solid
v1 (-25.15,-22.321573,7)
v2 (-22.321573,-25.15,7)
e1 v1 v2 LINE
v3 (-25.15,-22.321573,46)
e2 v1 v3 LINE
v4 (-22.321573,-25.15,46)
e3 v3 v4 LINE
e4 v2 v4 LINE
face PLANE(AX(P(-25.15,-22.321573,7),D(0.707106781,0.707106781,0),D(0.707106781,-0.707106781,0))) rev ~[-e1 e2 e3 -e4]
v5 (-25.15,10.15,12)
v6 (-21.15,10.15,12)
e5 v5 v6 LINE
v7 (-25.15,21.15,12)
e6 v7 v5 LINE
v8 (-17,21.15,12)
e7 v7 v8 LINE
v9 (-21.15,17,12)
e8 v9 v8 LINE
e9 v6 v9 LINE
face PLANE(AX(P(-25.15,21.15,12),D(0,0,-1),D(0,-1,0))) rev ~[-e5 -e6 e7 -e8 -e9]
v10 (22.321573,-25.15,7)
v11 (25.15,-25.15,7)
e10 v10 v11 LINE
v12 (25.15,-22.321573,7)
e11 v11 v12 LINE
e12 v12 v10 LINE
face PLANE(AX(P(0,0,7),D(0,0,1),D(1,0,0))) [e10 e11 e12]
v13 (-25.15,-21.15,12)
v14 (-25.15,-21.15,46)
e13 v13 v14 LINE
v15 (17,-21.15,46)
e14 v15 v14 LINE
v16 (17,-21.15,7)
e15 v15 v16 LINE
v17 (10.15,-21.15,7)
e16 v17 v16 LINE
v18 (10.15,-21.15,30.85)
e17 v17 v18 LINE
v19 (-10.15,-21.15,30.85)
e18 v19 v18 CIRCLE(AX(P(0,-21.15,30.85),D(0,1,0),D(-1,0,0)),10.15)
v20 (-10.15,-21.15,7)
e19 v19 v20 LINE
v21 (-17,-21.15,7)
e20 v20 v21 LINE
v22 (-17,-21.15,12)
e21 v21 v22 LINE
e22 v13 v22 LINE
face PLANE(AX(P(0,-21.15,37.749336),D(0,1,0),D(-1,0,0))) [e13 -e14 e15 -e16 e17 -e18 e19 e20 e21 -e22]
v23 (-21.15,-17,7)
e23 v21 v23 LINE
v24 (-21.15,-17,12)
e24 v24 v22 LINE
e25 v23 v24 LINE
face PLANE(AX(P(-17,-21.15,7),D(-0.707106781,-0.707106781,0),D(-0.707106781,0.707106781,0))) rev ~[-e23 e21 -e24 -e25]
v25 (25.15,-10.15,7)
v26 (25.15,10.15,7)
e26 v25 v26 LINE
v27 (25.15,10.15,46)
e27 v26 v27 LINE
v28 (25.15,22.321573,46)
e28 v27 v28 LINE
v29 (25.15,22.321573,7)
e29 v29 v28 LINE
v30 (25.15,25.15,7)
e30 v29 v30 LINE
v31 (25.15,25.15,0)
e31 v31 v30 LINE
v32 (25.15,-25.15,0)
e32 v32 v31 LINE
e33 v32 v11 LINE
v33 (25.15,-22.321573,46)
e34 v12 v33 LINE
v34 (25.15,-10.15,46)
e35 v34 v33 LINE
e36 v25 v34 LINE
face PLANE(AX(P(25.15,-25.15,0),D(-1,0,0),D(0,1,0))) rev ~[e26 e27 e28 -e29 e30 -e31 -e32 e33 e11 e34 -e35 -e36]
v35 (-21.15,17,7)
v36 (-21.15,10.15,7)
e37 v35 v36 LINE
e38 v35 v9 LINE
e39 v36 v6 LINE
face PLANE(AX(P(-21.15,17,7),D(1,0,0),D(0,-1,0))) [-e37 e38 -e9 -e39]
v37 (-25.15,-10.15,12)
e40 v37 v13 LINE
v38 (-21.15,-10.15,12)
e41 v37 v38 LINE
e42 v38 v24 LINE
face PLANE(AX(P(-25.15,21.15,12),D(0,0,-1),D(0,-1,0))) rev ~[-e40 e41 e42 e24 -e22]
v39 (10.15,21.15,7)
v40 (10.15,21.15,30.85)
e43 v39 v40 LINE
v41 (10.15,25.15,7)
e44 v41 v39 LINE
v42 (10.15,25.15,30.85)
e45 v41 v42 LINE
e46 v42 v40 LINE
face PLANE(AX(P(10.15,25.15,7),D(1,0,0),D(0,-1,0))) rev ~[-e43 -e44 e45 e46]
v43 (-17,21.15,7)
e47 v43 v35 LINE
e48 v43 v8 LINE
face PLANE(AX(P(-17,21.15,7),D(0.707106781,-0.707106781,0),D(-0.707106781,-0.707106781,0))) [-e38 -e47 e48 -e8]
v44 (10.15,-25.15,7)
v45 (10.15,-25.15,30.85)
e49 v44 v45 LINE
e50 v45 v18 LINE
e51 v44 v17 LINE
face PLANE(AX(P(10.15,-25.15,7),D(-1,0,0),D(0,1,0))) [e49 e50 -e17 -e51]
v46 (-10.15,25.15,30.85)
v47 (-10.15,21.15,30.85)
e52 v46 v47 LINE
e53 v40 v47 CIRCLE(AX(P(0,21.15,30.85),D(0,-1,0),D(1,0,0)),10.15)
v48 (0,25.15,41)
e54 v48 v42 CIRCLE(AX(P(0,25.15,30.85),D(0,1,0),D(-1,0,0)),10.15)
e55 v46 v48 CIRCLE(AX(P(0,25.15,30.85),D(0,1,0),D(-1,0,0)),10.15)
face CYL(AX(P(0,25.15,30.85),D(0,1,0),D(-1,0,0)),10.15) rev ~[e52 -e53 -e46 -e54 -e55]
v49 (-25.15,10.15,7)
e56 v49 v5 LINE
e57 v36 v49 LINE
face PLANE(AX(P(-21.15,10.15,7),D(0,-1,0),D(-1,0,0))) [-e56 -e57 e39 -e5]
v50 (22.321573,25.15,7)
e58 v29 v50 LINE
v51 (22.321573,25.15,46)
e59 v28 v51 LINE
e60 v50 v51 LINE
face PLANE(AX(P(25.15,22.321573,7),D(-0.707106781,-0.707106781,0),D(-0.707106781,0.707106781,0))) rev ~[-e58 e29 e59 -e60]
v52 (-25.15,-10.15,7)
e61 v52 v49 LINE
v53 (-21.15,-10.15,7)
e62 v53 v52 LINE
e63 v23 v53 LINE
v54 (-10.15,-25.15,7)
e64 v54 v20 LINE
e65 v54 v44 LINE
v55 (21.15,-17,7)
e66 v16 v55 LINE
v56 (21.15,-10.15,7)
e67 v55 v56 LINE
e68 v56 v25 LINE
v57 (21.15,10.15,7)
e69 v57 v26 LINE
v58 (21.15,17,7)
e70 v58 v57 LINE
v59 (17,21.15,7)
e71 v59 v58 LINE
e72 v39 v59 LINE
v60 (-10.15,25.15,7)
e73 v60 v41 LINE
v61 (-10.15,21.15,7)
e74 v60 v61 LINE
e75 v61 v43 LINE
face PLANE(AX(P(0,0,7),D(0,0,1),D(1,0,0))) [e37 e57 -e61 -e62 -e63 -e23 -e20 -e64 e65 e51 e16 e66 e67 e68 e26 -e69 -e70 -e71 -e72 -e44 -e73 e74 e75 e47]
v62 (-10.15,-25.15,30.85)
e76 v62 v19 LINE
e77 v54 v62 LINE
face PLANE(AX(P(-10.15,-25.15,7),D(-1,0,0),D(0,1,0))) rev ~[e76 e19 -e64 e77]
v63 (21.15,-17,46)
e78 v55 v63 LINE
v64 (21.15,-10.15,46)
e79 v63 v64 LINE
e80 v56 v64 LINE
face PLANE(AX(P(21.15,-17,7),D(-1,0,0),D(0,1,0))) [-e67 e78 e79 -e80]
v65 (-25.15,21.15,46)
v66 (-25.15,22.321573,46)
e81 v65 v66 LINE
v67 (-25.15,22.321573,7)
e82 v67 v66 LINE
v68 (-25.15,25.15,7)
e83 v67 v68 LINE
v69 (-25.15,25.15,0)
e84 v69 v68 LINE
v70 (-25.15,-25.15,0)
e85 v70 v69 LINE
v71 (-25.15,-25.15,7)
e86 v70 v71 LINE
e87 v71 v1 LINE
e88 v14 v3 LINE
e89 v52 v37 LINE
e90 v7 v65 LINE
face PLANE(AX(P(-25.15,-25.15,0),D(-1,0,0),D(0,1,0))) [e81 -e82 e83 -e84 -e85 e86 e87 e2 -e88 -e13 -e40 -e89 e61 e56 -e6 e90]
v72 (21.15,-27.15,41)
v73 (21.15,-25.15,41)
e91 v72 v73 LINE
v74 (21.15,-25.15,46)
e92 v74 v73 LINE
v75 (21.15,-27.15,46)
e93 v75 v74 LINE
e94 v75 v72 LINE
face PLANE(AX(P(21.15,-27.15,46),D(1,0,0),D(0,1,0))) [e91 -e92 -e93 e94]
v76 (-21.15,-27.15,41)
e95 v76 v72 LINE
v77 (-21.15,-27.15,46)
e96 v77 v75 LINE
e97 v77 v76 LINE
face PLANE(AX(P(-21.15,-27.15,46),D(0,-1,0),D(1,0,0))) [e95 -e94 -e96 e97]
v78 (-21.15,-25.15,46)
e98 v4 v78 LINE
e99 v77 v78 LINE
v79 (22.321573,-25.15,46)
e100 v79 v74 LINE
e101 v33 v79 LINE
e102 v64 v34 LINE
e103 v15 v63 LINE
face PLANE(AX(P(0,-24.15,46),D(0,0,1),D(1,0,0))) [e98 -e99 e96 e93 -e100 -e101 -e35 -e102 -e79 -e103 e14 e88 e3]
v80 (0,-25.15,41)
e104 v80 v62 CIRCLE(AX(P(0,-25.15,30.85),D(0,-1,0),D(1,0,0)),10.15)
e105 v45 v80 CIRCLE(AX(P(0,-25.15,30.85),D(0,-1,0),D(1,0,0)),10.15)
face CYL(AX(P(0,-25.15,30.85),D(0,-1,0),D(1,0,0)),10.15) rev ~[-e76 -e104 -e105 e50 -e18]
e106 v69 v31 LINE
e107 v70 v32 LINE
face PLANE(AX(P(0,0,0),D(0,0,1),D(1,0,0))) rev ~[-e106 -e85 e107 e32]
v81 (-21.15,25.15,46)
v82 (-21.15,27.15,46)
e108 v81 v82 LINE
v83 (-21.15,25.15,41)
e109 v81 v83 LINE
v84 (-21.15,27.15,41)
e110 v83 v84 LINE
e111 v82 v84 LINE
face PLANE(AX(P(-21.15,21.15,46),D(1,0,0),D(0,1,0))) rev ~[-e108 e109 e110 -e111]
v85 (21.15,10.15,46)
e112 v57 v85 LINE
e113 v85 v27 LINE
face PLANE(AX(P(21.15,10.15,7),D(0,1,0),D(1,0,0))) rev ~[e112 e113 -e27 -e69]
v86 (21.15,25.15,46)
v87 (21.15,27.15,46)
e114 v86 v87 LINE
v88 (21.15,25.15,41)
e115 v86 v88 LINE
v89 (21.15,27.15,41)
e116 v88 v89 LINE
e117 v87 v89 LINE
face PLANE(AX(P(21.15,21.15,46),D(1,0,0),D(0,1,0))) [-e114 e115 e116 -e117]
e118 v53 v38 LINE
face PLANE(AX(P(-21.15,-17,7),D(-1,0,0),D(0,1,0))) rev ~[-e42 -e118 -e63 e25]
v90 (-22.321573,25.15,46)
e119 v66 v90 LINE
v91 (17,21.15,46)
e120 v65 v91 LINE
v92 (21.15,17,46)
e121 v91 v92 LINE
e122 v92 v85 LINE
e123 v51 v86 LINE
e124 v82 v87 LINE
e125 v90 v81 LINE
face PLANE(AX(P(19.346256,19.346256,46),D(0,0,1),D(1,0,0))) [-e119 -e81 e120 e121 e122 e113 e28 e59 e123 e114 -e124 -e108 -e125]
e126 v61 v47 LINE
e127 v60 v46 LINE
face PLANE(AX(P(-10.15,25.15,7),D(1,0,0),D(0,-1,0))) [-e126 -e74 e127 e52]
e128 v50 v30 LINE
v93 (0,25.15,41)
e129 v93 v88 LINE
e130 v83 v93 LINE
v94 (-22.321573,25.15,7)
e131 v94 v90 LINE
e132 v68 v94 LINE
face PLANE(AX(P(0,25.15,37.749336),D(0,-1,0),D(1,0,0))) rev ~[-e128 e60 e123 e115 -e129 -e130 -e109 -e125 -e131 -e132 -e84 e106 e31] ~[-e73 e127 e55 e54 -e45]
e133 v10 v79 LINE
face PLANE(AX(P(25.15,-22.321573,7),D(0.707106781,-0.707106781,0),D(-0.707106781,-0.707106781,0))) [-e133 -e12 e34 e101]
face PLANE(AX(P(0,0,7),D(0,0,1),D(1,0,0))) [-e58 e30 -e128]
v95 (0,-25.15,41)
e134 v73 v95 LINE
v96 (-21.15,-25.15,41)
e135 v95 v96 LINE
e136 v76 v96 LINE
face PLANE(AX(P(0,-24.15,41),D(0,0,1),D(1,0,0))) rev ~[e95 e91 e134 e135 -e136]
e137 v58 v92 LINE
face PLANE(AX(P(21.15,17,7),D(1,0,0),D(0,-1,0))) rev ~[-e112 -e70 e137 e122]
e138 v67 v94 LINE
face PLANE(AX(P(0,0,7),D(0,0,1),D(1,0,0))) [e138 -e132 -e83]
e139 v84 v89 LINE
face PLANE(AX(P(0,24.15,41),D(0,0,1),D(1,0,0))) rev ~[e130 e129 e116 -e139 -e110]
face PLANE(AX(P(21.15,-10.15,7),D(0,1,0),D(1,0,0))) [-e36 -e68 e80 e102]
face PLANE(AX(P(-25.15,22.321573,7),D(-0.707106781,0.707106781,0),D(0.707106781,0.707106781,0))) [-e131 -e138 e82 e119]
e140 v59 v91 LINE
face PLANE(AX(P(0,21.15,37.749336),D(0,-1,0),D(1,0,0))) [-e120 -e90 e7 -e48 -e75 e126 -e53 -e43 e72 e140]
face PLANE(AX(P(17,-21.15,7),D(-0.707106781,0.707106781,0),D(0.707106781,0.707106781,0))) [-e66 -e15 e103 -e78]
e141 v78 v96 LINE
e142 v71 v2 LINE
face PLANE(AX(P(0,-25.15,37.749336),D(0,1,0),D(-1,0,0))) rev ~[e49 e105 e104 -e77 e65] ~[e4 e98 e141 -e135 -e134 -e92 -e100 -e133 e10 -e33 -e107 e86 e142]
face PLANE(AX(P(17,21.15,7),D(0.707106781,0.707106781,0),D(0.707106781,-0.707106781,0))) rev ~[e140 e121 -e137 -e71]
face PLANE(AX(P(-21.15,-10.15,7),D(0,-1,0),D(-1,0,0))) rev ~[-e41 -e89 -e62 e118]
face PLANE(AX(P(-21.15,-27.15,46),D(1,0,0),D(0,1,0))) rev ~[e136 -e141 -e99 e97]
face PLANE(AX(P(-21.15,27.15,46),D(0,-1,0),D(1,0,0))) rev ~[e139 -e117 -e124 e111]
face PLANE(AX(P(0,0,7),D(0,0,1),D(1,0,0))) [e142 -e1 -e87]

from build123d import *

# Parameters (mm, degrees)
SKETCH_W     = 50.3
SKETCH_H     = 50.3
PAD_DEPTH    = 7
PAD001_DEPTH = 39
SKETCH002_W  = 42.3
SKETCH002_H  = 34
POCKET_DEPTH = 15
SKETCH003_W  = 42.3
SKETCH003_H  = 6
PAD002_DEPTH = 5
PAD003_DEPTH = 4
PAD004_DEPTH = 4


with BuildPart() as part:
    # Sketch → Pad (new body)
    with BuildSketch(Plane.XY):
        Rectangle(SKETCH_W, SKETCH_H)
    extrude(amount=PAD_DEPTH)

    # Sketch001 (on Face6 of Pad) → Pad001 (join)
    with BuildSketch(Plane.XY.offset(7)):
        Polygon((17, 21.15), (21.15, 17), (21.15, 10.15), (25.15, 10.15), (25.15, 22.321573), (22.321573, 25.15), (10.15, 25.15), (10.15, 21.15), align=None)
        Polygon((-17, 21.15), (-21.15, 17), (-21.15, 10.15), (-25.15, 10.15), (-25.15, 22.321573), (-22.321573, 25.15), (-10.15, 25.15), (-10.15, 21.15), align=None)
        Polygon((17, -21.15), (21.15, -17), (21.15, -10.15), (25.15, -10.15), (25.15, -22.321573), (22.321573, -25.15), (10.15, -25.15), (10.15, -21.15), align=None)
        Polygon((-17, -21.15), (-21.15, -17), (-21.15, -10.15), (-25.15, -10.15), (-25.15, -22.321573), (-22.321573, -25.15), (-10.15, -25.15), (-10.15, -21.15), align=None)
    extrude(amount=PAD001_DEPTH)

    # Sketch002 (on Face13 of Pad001) → Pocket (cut)
    with BuildSketch(Plane(origin=(-25.15, 0, 0), x_dir=(0, -1, 0), z_dir=(-1, 0, 0))):
        with Locations((0, 29)):
            Rectangle(SKETCH002_W, SKETCH002_H)
    extrude(amount=-POCKET_DEPTH, mode=Mode.SUBTRACT)

    # Sketch003 (on Face50 of Pocket) → Pad002 (join)
    with BuildSketch(Plane.XY.offset(46)):
        with Locations((0, -24.15)):
            Rectangle(SKETCH003_W, SKETCH003_H)
        with Locations((0, 24.15)):
            Rectangle(SKETCH003_W, SKETCH003_H)
    extrude(amount=-PAD002_DEPTH)

    # Sketch004 (on Face44 of Pad002) → Pad003 (join)
    with BuildSketch(Plane.XZ.offset(25.15)):
        with BuildLine():
            ThreePointArc((10.15, 30.85), (0, 41), (-10.15, 30.85))
            Line((-10.15, 41.1), (-10.15, 30.85))
            Line((10.15, 41.1), (-10.15, 41.1))
            Line((10.15, 30.85), (10.15, 41.1))
        make_face()
    extrude(amount=-PAD003_DEPTH)

    # Sketch005 (on Face6 of Pad003) → Pad004 (join)
    with BuildSketch(Plane(origin=(0, 25.15, 0), x_dir=(-1, 0, 0), z_dir=(0, 1, 0))):
        with BuildLine():
            ThreePointArc((10.15, 30.85), (0, 41), (-10.15, 30.85))
            Line((-10.15, 30.85), (-10.15, 41.1))
            Line((-10.15, 41.1), (10.15, 41.1))
            Line((10.15, 30.85), (10.15, 41.1))
        make_face()
    extrude(amount=-PAD004_DEPTH)


solid = part.part
